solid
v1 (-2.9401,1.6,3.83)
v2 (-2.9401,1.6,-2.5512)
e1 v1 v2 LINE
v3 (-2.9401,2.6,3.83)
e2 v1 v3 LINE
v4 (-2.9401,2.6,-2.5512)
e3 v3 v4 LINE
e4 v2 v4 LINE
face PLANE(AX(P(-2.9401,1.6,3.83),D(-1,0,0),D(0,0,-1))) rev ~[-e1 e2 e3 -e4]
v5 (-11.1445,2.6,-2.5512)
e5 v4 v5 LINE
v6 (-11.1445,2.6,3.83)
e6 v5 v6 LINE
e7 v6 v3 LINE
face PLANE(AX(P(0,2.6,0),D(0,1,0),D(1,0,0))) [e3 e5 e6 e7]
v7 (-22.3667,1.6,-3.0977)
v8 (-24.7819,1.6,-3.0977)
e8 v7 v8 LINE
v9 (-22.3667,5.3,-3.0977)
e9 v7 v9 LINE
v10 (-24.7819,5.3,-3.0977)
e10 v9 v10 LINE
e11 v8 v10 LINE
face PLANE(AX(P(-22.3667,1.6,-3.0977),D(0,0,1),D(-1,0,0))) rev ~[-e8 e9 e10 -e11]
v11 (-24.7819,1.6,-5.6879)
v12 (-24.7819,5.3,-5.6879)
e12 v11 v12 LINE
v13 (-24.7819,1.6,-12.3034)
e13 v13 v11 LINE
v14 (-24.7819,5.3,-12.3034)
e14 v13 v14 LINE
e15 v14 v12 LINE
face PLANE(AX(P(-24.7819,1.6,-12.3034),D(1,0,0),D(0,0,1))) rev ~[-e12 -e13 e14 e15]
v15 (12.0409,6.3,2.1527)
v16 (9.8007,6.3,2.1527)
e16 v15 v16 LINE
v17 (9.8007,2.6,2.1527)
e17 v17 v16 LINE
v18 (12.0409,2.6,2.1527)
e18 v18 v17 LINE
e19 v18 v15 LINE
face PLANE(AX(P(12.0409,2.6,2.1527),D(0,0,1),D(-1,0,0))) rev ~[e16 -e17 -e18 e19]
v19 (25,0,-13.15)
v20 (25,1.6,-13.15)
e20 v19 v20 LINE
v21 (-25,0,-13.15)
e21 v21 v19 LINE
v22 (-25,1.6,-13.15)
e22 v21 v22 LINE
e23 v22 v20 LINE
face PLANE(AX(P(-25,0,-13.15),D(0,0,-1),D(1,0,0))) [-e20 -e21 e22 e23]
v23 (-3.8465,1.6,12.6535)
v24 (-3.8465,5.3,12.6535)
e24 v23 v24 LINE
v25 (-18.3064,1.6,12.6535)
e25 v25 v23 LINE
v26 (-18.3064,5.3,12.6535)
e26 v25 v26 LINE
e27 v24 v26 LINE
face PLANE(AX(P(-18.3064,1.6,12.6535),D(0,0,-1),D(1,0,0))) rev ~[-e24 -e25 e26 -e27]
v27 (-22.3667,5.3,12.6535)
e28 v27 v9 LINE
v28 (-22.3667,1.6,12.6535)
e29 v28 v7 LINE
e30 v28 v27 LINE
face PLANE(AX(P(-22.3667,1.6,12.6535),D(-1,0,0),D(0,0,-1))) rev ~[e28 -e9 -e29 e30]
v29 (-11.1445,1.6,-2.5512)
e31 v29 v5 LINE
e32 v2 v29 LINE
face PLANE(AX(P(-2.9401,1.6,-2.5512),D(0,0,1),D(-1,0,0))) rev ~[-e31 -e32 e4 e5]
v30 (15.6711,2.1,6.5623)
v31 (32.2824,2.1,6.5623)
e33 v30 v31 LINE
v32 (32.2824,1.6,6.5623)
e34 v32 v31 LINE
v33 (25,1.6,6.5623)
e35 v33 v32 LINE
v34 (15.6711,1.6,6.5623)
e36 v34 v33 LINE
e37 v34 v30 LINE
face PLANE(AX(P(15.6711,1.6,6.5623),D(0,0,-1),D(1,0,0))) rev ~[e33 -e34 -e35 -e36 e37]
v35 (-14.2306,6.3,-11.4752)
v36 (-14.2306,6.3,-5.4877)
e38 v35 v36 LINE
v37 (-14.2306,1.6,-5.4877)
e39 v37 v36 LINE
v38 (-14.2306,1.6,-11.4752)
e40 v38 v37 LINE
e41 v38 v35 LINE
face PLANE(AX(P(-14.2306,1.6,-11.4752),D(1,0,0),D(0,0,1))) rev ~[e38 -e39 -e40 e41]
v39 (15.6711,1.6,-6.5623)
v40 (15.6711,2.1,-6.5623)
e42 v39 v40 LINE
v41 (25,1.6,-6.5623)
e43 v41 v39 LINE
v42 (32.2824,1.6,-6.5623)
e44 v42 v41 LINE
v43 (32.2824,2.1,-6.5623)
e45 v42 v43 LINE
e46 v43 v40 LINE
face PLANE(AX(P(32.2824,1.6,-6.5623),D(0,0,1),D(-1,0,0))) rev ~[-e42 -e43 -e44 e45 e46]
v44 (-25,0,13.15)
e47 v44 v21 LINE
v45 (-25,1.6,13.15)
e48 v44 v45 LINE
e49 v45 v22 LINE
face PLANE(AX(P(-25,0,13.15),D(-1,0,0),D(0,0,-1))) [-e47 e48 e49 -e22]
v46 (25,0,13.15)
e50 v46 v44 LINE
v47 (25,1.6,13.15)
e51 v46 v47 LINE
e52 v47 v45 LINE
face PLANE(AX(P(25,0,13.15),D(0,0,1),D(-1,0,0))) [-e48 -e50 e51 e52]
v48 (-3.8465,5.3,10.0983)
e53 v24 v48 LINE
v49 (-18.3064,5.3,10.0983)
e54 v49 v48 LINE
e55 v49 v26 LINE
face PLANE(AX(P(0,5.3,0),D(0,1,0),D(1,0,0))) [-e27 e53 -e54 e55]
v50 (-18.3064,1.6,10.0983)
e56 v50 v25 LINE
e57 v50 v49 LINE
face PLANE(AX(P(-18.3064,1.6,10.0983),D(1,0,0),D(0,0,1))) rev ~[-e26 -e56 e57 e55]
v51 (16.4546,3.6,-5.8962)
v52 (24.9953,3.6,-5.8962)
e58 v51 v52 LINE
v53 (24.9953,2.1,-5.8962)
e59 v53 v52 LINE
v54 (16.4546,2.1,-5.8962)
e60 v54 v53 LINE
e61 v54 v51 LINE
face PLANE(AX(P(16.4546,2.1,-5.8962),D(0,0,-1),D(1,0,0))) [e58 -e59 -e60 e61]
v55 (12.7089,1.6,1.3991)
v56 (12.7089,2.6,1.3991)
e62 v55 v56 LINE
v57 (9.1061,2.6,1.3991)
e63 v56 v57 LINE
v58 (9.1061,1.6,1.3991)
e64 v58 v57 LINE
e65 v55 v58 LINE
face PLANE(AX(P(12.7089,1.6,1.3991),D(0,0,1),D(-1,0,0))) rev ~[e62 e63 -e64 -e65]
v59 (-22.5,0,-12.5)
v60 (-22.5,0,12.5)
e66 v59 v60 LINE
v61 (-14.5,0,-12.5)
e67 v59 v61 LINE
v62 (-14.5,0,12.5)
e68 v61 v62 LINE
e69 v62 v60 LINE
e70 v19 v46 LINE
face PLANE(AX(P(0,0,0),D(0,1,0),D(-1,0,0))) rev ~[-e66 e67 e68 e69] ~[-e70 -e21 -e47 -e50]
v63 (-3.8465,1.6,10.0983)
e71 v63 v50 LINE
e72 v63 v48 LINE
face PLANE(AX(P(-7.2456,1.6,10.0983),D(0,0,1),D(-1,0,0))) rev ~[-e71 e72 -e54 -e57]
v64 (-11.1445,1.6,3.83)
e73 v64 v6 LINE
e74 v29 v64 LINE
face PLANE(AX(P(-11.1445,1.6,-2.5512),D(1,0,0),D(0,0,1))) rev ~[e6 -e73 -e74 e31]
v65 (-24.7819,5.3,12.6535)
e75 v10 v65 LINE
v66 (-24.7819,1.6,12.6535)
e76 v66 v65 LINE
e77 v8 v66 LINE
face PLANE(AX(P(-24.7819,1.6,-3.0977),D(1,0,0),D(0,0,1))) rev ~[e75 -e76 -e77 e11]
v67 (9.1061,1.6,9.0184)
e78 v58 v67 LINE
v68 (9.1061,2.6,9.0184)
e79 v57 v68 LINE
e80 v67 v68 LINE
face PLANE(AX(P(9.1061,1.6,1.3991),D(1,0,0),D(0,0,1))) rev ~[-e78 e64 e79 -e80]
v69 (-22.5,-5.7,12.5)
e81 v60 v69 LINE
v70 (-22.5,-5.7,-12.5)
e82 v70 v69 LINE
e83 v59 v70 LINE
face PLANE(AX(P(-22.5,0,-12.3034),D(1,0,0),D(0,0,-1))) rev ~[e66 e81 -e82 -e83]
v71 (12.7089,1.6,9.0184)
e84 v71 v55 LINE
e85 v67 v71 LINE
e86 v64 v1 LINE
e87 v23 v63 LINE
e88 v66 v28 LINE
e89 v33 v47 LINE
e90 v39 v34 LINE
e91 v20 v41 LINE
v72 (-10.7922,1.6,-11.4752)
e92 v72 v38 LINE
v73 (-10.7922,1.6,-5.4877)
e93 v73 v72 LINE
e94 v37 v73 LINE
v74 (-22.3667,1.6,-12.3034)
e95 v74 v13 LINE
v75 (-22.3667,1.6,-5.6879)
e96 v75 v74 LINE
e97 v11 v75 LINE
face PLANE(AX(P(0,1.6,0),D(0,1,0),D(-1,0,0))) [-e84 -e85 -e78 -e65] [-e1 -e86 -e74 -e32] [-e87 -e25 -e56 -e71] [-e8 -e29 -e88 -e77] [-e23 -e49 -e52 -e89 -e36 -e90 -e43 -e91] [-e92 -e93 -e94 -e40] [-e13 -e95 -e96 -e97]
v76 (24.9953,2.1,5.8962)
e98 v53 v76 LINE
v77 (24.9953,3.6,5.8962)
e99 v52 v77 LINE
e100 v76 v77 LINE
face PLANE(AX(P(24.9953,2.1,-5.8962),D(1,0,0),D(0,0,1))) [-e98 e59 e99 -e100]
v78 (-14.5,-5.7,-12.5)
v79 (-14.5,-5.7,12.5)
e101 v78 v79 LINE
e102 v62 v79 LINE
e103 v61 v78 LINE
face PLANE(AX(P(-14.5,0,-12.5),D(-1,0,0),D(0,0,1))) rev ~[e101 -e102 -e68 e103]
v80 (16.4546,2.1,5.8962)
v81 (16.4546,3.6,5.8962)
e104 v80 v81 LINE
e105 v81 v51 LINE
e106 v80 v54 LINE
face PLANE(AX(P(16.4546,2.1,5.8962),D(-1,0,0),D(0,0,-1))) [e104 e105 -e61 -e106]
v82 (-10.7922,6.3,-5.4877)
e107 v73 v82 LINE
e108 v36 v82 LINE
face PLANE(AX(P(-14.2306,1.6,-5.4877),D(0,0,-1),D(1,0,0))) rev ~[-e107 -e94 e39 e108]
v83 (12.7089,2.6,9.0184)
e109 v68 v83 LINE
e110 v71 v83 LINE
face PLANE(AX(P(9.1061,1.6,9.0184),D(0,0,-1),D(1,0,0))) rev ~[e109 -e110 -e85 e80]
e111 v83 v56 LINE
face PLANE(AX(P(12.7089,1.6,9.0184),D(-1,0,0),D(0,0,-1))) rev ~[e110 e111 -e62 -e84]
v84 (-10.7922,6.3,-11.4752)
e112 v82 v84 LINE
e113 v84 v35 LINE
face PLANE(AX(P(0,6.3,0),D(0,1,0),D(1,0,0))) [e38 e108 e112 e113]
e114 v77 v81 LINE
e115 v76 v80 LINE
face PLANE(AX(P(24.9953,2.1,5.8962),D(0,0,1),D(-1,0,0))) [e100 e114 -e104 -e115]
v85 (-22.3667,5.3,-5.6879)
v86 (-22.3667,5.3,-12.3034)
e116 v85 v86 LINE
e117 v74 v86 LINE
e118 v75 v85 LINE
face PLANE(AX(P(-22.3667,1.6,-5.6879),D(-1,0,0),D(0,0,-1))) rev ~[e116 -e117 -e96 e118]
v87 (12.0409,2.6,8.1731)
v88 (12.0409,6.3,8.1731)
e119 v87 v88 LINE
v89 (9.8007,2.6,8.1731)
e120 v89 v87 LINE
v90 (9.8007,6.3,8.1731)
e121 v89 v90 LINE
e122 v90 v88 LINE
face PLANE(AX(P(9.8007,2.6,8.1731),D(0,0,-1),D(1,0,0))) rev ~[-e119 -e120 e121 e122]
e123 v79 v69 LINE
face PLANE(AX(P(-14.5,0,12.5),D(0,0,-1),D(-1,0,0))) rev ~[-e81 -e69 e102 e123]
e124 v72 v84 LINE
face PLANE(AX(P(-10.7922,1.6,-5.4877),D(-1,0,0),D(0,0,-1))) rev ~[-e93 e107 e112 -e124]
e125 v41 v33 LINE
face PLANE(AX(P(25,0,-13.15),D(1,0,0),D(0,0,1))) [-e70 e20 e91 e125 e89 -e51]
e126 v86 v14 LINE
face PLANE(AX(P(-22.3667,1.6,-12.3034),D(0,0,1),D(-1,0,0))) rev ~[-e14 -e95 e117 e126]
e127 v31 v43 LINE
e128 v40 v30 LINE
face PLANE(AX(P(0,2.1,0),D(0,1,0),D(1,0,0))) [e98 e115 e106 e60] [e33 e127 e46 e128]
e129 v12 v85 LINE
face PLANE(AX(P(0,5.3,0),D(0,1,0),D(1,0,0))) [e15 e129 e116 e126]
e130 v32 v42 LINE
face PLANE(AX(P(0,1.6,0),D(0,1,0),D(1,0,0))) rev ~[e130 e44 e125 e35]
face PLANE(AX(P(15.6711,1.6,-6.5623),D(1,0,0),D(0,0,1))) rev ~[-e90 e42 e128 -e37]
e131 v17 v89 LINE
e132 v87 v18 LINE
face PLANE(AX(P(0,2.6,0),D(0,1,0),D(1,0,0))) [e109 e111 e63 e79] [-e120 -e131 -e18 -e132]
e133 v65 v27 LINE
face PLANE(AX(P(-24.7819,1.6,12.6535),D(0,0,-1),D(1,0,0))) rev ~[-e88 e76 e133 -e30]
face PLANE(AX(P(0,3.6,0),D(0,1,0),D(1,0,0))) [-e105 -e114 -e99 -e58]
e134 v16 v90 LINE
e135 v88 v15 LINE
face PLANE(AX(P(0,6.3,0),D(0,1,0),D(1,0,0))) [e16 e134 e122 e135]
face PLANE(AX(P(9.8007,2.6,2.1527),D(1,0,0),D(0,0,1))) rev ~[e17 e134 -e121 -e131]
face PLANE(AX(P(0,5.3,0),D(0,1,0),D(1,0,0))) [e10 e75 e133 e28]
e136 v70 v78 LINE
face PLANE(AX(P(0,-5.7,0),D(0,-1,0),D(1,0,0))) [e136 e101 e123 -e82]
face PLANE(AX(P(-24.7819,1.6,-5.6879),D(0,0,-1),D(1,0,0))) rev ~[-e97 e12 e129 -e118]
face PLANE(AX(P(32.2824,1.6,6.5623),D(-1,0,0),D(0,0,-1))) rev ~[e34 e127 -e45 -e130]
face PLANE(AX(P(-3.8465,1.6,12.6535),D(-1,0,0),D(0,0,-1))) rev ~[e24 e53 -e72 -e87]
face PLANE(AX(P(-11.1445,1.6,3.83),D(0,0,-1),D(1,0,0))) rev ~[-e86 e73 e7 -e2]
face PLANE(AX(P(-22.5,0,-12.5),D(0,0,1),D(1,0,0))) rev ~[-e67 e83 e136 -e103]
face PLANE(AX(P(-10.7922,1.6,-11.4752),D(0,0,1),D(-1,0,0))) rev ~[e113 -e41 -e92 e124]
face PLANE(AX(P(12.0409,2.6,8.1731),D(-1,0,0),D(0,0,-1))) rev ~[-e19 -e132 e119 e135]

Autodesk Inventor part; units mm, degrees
ref_plane "YZ Plane" through (0, 0, 0) normal (1, 0, 0) x (0, 1, 0)
ref_plane "XZ Plane" through (0, 0, 0) normal (0, 1, 0) x (-1, 0, 0)
ref_plane "XY Plane" through (0, 0, 0) normal (0, 0, 1) x (1, 0, 0)
sketch "Boceto1" plane through (0, 0, 0) normal (0, 1, 0) x (-1, 0, 0)
  line L0 (-25, 13.15) -> (25, 13.15)
  line L1 (25, 13.15) -> (25, -13.15)
  line L2 (25, -13.15) -> (-25, -13.15)
  line L3 (-25, -13.15) -> (-25, 13.15)
  line L4 (-25, 13.15) -> (25, -13.15) construction
  line L5 (25, 13.15) -> (-25, -13.15) construction
  point P0 (0, 0)
  dimension "d0" = 50
  dimension "d1" = 26.3
extrude "Extrusión1" add sketch "Boceto1" along normal blind 1.6
sketch "Boceto2" plane through (0, 1.6, 0) normal (0, 1, 0) x (1, 0, 0)
  line L0 (15.6711, -6.5623) -> (32.2824, -6.5623)
  line L1 (32.2824, -6.5623) -> (32.2824, 6.5623)
  line L2 (32.2824, 6.5623) -> (15.6711, 6.5623)
  line L3 (15.6711, 6.5623) -> (15.6711, -6.5623)
  line L4 (15.6711, -6.5623) -> (32.2824, 6.5623) construction
  line L5 (32.2824, -6.5623) -> (15.6711, 6.5623) construction
  point P0 (0, 0)
  point P1 (23.9767, 0)
extrude "Extrusión2" add sketch "Boceto2" along normal blind 0.5
sketch "Boceto3" plane through (0, 2.1, 0) normal (0, 1, 0) x (1, 0, 0)
  line L0 (24.9953, -5.8962) -> (16.4546, -5.8962)
  line L1 (16.4546, -5.8962) -> (16.4546, 5.8962)
  line L2 (16.4546, 5.8962) -> (24.9953, 5.8962)
  line L3 (24.9953, 5.8962) -> (24.9953, -5.8962)
  line L4 (24.9953, -5.8962) -> (16.4546, 5.8962) construction
  line L5 (16.4546, -5.8962) -> (24.9953, 5.8962) construction
  point P0 (0, 0)
  point P1 (20.725, 0)
extrude "Extrusión3" add sketch "Boceto3" along normal blind 1.5
sketch "Boceto4" plane through (0, 1.6, 0) normal (0, 1, 0) x (1, 0, 0)
  line L0 (-24.7819, -12.6535) -> (-22.3667, -12.6535)
  line L1 (-22.3667, -12.6535) -> (-22.3667, 3.0977)
  line L2 (-22.3667, 3.0977) -> (-24.7819, 3.0977)
  line L3 (-24.7819, 3.0977) -> (-24.7819, -12.6535)
  line L4 (-24.7819, 5.6879) -> (-22.3667, 5.6879)
  line L5 (-22.3667, 5.6879) -> (-22.3667, 12.3034)
  line L6 (-22.3667, 12.3034) -> (-24.7819, 12.3034)
  line L7 (-24.7819, 12.3034) -> (-24.7819, 5.6879)
  line L8 (-18.3064, -12.6535) -> (-7.2456, -12.6535)
  line L9 (-7.2456, -12.6535) -> (-7.2456, -10.0983)
  line L10 (-7.2456, -10.0983) -> (-18.3064, -10.0983)
  line L11 (-18.3064, -10.0983) -> (-18.3064, -12.6535)
  line L12 (-7.2456, -12.6535) -> (-3.8465, -12.6535)
  line L13 (-3.8465, -12.6535) -> (-3.8465, -10.0983)
  line L14 (-3.8465, -10.0983) -> (-7.2456, -10.0983)
  line L15 (-7.2456, -10.0983) -> (-7.2456, -12.6535)
  point P0 (0, 0)
extrude "Extrusión4" add sketch "Boceto4" along normal blind 3.7
sketch "Boceto5" plane through (0, 1.6, 0) normal (0, 1, 0) x (1, 0, 0)
  line L0 (9.1061, -9.0184) -> (12.7089, -9.0184)
  line L1 (12.7089, -9.0184) -> (12.7089, -1.3991)
  line L2 (12.7089, -1.3991) -> (9.1061, -1.3991)
  line L3 (9.1061, -1.3991) -> (9.1061, -9.0184)
  line L4 (-11.1445, -3.83) -> (-2.9401, -3.83)
  line L5 (-2.9401, -3.83) -> (-2.9401, 2.5512)
  line L6 (-2.9401, 2.5512) -> (-11.1445, 2.5512)
  line L7 (-11.1445, 2.5512) -> (-11.1445, -3.83)
  point P0 (0, 0)
extrude "Extrusión5" add sketch "Boceto5" along normal blind 1
sketch "Boceto6" plane through (0, 1.6, 0) normal (0, 1, 0) x (1, 0, 0)
  line L0 (-14.2306, 5.4877) -> (-10.7922, 5.4877)
  line L1 (-10.7922, 5.4877) -> (-10.7922, 11.4752)
  line L2 (-10.7922, 11.4752) -> (-14.2306, 11.4752)
  line L3 (-14.2306, 11.4752) -> (-14.2306, 5.4877)
  point P0 (0, 0)
extrude "Extrusión6" add sketch "Boceto6" along normal blind 4.7
sketch "Boceto7" plane through (0, 2.6, 0) normal (0, 1, 0) x (1, 0, 0)
  line L0 (9.8007, -8.1731) -> (12.0409, -8.1731)
  line L1 (12.0409, -8.1731) -> (12.0409, -2.1527)
  line L2 (12.0409, -2.1527) -> (9.8007, -2.1527)
  line L3 (9.8007, -2.1527) -> (9.8007, -8.1731)
  point P0 (0, 0)
extrude "Extrusión7" add sketch "Boceto7" along normal blind 3.7
sketch "Boceto8" plane through (0, 0, 0) normal (0, -1, 0) x (1, 0, 0)
  line L0 (-25, -13.15) -> (-25, 13.15) projected
  line L1 (-25, 0) -> (-22.5, 0)
  line L2 (-22.5, 0) -> (-22.5, -12.5)
  line L3 (-22.5, -12.5) -> (-14.5, -12.5)
  line L4 (-24.7819, -12.3034) -> (-22.3667, -12.3034) projected
  line L5 (-22.5, -12.5) -> (-14.5, -12.5) construction
  line L6 (-14.5, -12.5) -> (-14.5, 12.5)
  line L7 (-14.5, 12.5) -> (-22.5, 12.5)
  line L8 (-25, 13.15) -> (25, 13.15) projected
  line L9 (-22.5, 12.5) -> (-22.5, 0)
  point P0 (0, 0)
  dimension "d16" = 2.5
  dimension "d17" = 12.5
  dimension "d18" = 8
  dimension "d19" = 0
  dimension "d20" = 25
extrude "Extrusión8" add sketch "Boceto8" along normal blind 5.7
properties part number "Nordic_PCB"
